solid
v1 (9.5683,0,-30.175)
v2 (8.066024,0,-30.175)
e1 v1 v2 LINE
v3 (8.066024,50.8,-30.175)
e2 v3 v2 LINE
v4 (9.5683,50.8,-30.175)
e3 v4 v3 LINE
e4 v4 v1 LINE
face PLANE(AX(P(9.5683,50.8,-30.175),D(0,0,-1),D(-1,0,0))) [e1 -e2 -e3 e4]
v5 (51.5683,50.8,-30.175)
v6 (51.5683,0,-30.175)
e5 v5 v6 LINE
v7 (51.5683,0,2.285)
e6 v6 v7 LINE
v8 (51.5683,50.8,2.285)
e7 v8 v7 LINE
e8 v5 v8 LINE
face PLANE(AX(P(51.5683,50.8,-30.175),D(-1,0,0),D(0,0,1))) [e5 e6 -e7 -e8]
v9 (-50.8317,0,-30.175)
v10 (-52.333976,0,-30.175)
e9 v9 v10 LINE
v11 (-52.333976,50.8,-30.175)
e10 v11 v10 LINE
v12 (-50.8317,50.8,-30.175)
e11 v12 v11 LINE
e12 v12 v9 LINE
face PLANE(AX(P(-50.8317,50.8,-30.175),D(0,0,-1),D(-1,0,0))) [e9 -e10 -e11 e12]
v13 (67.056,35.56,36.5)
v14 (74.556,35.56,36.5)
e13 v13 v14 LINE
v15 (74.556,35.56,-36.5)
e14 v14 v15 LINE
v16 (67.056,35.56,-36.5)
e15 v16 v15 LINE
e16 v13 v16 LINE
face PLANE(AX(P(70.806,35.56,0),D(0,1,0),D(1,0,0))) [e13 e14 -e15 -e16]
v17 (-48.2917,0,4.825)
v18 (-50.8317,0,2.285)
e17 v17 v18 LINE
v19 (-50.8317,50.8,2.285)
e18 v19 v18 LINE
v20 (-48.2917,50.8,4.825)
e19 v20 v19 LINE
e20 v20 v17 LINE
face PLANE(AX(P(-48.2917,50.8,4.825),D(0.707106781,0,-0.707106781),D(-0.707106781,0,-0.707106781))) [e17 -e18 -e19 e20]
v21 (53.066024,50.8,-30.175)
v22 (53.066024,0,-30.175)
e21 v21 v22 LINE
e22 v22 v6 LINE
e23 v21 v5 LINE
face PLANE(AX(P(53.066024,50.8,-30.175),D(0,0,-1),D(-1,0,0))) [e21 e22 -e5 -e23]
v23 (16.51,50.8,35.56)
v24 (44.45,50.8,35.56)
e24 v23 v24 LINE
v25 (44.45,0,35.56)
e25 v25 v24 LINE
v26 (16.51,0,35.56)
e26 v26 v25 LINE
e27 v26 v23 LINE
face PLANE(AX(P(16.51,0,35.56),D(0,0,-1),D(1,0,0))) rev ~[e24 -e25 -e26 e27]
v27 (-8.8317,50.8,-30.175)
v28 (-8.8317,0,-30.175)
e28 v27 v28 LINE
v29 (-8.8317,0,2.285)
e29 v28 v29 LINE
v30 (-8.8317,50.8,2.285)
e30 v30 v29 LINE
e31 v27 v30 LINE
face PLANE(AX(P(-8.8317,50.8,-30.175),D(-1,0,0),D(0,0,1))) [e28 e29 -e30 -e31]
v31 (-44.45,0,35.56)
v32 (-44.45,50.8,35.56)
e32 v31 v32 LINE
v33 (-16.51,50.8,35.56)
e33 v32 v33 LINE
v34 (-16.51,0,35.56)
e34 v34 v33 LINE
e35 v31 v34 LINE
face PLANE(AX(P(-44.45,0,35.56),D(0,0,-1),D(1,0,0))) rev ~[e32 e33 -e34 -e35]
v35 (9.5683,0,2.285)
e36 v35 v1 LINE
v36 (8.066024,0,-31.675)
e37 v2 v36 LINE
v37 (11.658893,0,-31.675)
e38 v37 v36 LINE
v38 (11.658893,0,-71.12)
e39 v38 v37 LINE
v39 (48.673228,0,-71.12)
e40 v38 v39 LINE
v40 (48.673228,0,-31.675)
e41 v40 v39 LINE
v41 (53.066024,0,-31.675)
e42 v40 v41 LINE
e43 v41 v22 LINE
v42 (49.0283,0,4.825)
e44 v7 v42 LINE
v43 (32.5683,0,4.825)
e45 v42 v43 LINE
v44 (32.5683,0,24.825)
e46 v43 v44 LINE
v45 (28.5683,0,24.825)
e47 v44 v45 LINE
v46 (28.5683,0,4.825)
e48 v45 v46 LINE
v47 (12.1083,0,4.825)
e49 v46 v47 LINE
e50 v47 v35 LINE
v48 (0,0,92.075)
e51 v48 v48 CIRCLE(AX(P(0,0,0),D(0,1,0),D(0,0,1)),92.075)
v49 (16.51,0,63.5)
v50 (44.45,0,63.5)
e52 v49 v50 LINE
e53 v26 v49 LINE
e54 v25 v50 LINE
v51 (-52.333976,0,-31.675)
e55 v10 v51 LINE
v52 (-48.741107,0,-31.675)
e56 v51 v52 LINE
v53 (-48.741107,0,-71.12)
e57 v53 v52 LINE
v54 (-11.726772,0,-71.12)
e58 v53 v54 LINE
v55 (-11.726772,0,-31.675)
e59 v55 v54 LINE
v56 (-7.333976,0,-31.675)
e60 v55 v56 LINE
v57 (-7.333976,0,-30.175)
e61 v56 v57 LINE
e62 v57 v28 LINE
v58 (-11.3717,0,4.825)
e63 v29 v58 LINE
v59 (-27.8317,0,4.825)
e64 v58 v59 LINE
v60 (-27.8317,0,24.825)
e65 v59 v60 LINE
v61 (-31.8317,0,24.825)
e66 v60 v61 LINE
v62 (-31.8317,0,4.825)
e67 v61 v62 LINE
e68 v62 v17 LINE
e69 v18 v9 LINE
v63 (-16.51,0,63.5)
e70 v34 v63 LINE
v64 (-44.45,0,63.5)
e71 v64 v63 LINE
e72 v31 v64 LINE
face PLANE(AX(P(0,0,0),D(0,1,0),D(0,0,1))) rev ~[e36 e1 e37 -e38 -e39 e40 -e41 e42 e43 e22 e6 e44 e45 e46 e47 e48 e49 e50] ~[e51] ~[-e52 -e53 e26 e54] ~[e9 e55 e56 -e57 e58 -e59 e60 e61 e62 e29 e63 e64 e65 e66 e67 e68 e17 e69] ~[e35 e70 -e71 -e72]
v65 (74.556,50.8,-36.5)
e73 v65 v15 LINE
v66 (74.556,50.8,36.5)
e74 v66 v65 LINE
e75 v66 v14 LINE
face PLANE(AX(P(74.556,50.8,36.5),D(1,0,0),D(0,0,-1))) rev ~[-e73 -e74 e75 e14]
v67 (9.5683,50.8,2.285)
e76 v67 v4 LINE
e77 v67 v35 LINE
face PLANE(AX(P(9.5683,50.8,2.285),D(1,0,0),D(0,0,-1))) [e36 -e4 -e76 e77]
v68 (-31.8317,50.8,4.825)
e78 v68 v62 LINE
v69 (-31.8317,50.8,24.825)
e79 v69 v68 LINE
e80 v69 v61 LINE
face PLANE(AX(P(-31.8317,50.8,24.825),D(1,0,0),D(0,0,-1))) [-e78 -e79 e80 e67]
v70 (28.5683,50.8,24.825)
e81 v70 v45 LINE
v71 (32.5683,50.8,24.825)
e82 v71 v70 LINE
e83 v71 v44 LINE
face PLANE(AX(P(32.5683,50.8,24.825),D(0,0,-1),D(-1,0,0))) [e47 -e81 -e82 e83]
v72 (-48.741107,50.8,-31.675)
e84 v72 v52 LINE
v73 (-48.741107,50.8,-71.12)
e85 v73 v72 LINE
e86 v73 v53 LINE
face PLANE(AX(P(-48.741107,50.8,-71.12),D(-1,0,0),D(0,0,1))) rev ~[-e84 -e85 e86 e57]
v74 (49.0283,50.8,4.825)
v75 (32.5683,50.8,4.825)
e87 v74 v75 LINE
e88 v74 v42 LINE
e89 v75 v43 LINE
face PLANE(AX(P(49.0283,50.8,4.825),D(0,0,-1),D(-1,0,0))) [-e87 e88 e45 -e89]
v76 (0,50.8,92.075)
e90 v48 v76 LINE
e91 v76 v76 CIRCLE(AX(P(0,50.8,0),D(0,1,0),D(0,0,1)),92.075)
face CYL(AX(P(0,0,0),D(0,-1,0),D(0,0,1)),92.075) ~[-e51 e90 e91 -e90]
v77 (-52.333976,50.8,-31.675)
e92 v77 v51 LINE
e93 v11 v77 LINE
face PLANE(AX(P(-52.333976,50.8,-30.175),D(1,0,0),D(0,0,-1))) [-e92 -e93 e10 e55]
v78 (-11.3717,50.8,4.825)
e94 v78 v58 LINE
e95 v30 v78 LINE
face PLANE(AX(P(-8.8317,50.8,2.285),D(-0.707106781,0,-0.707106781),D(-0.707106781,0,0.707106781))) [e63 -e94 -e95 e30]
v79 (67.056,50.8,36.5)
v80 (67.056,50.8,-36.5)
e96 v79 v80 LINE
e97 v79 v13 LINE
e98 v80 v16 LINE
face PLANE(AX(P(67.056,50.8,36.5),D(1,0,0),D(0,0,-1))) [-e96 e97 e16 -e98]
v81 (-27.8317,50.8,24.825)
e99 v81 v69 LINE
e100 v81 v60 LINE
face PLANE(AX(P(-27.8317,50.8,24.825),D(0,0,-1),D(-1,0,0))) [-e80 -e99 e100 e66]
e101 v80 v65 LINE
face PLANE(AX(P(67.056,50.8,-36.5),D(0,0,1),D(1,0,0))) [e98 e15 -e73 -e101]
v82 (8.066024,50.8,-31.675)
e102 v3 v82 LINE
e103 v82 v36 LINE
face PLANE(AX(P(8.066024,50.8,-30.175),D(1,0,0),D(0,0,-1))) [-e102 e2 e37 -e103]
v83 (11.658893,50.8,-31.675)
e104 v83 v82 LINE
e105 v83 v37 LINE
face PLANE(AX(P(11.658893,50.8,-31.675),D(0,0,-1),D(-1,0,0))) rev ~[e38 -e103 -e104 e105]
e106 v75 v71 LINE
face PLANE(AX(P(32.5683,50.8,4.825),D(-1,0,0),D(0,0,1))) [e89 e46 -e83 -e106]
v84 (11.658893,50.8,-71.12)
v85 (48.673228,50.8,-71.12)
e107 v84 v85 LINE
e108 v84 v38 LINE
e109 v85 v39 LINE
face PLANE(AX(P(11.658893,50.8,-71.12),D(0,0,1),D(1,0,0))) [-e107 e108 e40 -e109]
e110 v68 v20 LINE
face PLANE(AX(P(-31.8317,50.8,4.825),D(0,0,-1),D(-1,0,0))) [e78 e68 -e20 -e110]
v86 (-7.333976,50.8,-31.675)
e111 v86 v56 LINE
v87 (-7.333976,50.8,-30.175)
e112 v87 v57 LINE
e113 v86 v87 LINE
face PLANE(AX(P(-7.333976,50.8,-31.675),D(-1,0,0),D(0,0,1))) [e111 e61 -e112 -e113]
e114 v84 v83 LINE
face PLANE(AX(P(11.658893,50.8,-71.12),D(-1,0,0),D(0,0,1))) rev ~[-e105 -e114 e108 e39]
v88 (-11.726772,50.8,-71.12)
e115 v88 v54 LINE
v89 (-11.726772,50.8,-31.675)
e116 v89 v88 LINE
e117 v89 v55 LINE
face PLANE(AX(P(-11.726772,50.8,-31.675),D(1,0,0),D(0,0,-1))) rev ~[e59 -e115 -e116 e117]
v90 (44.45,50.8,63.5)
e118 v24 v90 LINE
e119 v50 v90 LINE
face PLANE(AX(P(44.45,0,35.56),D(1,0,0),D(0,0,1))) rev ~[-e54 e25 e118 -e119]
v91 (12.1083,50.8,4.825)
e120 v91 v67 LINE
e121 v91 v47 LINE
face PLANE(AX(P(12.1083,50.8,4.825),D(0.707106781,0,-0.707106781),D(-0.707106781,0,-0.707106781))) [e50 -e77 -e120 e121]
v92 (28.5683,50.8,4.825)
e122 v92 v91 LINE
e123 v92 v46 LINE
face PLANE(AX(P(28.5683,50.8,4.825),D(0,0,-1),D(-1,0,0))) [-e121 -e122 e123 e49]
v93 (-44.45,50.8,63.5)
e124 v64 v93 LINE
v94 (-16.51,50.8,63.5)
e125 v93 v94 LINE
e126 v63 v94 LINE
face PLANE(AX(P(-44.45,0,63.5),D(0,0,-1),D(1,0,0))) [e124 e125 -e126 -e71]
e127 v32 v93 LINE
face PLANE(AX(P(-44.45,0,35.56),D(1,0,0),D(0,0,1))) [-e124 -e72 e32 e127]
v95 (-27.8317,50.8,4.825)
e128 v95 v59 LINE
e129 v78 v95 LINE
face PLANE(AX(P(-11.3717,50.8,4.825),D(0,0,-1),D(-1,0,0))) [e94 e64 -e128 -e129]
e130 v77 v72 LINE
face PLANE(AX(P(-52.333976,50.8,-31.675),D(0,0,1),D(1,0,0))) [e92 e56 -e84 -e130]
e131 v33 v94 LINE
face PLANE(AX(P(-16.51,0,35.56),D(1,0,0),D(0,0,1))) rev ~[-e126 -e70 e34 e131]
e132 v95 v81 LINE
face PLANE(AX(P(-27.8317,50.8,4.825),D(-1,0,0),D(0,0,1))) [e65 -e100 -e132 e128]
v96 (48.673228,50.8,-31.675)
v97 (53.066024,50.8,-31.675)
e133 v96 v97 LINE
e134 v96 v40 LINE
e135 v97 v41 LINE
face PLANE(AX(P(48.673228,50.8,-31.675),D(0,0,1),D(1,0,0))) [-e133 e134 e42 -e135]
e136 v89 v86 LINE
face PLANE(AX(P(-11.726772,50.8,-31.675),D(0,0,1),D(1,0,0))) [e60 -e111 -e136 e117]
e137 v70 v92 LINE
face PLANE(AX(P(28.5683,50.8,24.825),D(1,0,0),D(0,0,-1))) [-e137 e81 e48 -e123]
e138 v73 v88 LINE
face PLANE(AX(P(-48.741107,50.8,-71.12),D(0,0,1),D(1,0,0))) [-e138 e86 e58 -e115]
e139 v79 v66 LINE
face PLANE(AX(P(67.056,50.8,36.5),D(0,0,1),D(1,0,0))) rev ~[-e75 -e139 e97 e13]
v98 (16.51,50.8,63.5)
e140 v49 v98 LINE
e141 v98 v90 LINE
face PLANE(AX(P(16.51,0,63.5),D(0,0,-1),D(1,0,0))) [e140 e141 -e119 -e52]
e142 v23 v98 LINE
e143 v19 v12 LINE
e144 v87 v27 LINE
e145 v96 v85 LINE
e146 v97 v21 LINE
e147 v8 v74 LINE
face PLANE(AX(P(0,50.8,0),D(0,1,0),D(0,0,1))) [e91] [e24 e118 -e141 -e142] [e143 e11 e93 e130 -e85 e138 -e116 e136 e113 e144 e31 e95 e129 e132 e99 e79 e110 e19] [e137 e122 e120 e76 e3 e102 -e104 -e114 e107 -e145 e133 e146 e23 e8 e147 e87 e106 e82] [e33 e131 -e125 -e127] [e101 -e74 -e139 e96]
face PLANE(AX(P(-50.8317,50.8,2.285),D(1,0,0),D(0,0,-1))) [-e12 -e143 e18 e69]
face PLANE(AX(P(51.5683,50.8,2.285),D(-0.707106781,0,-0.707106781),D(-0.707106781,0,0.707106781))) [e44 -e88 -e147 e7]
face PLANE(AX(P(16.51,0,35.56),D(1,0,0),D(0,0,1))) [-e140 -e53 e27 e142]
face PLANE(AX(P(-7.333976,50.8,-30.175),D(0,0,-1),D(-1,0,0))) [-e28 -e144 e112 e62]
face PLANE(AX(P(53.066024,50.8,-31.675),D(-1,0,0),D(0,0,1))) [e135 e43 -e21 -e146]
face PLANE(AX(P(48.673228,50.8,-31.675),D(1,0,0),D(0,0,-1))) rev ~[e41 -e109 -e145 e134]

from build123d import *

# Parameters (mm, degrees)
SKETCH1_R           = 92.075
BOSS_EXTRUDE1_DEPTH = 50.8
SKETCH6_W           = 27.94
SKETCH6_H           = 27.94
CUT_EXTRUDE4_DEPTH  = 50.8
CUT_EXTRUDE5_DEPTH  = 50.8
SKETCH10_W          = 7.5
SKETCH10_H          = 73
CUT_EXTRUDE7_DEPTH  = 15.24


with BuildPart() as part:
    # Sketch1 → Boss-Extrude1 (new body)
    with BuildSketch(Plane(origin=(0, 0, 0), x_dir=(1, 0, 0), z_dir=(0, 1, 0))):
        with Locations(Location((0, 0, 0), (0, 0, 270))):
            Circle(SKETCH1_R)
    extrude(amount=BOSS_EXTRUDE1_DEPTH)

    # Sketch6 → Cut-Extrude4 (cut)
    with BuildSketch(Plane.XZ):
        with Locations((30.48, 49.53)):
            Rectangle(SKETCH6_W, SKETCH6_H)
        with Locations((-30.48, 49.53)):
            Rectangle(SKETCH6_W, SKETCH6_H)
    extrude(amount=-CUT_EXTRUDE4_DEPTH, mode=Mode.SUBTRACT)

    # Sketch8 → Cut-Extrude5 (cut)
    with BuildSketch(Plane(origin=(0, 50.8, 0), x_dir=(1, 0, 0), z_dir=(0, 1, 0))):
        Polygon((48.673227998, 66.920620093), (48.673227998, 31.675), (53.066023648, 31.675), (53.066023648, 30.175), (51.568299971, 30.175), (51.568299971, -2.285), (49.028299971, -4.825), (32.568299971, -4.825), (32.568299971, -24.825), (28.568299971, -24.825), (28.568299971, -4.825), (12.108299971, -4.825), (9.568299971, -2.285), (9.568299971, 30.175), (8.06602381, 30.175), (8.06602381, 31.675), (10.838299971, 31.675), (11.658892904, 31.675), (11.658892904, 66.920620093), (11.658892904, 71.12), (48.673227998, 71.12), align=None)
        Polygon((-8.831700029, -2.285), (-11.371700029, -4.825), (-27.831700029, -4.825), (-27.831700029, -24.825), (-31.831700029, -24.825), (-31.831700029, -4.825), (-48.291700029, -4.825), (-50.831700029, -2.285), (-50.831700029, 30.175), (-52.33397619, 30.175), (-52.33397619, 31.675), (-48.741107096, 31.675), (-48.741107096, 66.920620093), (-48.741107096, 71.12), (-11.726772002, 71.12), (-11.726772002, 66.920620093), (-11.726772002, 31.675), (-7.333976352, 31.675), (-7.333976352, 30.175), (-8.831700029, 30.175), align=None)
    extrude(amount=-CUT_EXTRUDE5_DEPTH, mode=Mode.SUBTRACT)

    # Sketch10 → Cut-Extrude7 (cut)
    with BuildSketch(Plane(origin=(0, 50.8, 0), x_dir=(1, 0, 0), z_dir=(0, 1, 0))):
        with Locations((70.806, 0)):
            Rectangle(SKETCH10_W, SKETCH10_H)
    extrude(amount=-CUT_EXTRUDE7_DEPTH, mode=Mode.SUBTRACT)


solid = part.part
